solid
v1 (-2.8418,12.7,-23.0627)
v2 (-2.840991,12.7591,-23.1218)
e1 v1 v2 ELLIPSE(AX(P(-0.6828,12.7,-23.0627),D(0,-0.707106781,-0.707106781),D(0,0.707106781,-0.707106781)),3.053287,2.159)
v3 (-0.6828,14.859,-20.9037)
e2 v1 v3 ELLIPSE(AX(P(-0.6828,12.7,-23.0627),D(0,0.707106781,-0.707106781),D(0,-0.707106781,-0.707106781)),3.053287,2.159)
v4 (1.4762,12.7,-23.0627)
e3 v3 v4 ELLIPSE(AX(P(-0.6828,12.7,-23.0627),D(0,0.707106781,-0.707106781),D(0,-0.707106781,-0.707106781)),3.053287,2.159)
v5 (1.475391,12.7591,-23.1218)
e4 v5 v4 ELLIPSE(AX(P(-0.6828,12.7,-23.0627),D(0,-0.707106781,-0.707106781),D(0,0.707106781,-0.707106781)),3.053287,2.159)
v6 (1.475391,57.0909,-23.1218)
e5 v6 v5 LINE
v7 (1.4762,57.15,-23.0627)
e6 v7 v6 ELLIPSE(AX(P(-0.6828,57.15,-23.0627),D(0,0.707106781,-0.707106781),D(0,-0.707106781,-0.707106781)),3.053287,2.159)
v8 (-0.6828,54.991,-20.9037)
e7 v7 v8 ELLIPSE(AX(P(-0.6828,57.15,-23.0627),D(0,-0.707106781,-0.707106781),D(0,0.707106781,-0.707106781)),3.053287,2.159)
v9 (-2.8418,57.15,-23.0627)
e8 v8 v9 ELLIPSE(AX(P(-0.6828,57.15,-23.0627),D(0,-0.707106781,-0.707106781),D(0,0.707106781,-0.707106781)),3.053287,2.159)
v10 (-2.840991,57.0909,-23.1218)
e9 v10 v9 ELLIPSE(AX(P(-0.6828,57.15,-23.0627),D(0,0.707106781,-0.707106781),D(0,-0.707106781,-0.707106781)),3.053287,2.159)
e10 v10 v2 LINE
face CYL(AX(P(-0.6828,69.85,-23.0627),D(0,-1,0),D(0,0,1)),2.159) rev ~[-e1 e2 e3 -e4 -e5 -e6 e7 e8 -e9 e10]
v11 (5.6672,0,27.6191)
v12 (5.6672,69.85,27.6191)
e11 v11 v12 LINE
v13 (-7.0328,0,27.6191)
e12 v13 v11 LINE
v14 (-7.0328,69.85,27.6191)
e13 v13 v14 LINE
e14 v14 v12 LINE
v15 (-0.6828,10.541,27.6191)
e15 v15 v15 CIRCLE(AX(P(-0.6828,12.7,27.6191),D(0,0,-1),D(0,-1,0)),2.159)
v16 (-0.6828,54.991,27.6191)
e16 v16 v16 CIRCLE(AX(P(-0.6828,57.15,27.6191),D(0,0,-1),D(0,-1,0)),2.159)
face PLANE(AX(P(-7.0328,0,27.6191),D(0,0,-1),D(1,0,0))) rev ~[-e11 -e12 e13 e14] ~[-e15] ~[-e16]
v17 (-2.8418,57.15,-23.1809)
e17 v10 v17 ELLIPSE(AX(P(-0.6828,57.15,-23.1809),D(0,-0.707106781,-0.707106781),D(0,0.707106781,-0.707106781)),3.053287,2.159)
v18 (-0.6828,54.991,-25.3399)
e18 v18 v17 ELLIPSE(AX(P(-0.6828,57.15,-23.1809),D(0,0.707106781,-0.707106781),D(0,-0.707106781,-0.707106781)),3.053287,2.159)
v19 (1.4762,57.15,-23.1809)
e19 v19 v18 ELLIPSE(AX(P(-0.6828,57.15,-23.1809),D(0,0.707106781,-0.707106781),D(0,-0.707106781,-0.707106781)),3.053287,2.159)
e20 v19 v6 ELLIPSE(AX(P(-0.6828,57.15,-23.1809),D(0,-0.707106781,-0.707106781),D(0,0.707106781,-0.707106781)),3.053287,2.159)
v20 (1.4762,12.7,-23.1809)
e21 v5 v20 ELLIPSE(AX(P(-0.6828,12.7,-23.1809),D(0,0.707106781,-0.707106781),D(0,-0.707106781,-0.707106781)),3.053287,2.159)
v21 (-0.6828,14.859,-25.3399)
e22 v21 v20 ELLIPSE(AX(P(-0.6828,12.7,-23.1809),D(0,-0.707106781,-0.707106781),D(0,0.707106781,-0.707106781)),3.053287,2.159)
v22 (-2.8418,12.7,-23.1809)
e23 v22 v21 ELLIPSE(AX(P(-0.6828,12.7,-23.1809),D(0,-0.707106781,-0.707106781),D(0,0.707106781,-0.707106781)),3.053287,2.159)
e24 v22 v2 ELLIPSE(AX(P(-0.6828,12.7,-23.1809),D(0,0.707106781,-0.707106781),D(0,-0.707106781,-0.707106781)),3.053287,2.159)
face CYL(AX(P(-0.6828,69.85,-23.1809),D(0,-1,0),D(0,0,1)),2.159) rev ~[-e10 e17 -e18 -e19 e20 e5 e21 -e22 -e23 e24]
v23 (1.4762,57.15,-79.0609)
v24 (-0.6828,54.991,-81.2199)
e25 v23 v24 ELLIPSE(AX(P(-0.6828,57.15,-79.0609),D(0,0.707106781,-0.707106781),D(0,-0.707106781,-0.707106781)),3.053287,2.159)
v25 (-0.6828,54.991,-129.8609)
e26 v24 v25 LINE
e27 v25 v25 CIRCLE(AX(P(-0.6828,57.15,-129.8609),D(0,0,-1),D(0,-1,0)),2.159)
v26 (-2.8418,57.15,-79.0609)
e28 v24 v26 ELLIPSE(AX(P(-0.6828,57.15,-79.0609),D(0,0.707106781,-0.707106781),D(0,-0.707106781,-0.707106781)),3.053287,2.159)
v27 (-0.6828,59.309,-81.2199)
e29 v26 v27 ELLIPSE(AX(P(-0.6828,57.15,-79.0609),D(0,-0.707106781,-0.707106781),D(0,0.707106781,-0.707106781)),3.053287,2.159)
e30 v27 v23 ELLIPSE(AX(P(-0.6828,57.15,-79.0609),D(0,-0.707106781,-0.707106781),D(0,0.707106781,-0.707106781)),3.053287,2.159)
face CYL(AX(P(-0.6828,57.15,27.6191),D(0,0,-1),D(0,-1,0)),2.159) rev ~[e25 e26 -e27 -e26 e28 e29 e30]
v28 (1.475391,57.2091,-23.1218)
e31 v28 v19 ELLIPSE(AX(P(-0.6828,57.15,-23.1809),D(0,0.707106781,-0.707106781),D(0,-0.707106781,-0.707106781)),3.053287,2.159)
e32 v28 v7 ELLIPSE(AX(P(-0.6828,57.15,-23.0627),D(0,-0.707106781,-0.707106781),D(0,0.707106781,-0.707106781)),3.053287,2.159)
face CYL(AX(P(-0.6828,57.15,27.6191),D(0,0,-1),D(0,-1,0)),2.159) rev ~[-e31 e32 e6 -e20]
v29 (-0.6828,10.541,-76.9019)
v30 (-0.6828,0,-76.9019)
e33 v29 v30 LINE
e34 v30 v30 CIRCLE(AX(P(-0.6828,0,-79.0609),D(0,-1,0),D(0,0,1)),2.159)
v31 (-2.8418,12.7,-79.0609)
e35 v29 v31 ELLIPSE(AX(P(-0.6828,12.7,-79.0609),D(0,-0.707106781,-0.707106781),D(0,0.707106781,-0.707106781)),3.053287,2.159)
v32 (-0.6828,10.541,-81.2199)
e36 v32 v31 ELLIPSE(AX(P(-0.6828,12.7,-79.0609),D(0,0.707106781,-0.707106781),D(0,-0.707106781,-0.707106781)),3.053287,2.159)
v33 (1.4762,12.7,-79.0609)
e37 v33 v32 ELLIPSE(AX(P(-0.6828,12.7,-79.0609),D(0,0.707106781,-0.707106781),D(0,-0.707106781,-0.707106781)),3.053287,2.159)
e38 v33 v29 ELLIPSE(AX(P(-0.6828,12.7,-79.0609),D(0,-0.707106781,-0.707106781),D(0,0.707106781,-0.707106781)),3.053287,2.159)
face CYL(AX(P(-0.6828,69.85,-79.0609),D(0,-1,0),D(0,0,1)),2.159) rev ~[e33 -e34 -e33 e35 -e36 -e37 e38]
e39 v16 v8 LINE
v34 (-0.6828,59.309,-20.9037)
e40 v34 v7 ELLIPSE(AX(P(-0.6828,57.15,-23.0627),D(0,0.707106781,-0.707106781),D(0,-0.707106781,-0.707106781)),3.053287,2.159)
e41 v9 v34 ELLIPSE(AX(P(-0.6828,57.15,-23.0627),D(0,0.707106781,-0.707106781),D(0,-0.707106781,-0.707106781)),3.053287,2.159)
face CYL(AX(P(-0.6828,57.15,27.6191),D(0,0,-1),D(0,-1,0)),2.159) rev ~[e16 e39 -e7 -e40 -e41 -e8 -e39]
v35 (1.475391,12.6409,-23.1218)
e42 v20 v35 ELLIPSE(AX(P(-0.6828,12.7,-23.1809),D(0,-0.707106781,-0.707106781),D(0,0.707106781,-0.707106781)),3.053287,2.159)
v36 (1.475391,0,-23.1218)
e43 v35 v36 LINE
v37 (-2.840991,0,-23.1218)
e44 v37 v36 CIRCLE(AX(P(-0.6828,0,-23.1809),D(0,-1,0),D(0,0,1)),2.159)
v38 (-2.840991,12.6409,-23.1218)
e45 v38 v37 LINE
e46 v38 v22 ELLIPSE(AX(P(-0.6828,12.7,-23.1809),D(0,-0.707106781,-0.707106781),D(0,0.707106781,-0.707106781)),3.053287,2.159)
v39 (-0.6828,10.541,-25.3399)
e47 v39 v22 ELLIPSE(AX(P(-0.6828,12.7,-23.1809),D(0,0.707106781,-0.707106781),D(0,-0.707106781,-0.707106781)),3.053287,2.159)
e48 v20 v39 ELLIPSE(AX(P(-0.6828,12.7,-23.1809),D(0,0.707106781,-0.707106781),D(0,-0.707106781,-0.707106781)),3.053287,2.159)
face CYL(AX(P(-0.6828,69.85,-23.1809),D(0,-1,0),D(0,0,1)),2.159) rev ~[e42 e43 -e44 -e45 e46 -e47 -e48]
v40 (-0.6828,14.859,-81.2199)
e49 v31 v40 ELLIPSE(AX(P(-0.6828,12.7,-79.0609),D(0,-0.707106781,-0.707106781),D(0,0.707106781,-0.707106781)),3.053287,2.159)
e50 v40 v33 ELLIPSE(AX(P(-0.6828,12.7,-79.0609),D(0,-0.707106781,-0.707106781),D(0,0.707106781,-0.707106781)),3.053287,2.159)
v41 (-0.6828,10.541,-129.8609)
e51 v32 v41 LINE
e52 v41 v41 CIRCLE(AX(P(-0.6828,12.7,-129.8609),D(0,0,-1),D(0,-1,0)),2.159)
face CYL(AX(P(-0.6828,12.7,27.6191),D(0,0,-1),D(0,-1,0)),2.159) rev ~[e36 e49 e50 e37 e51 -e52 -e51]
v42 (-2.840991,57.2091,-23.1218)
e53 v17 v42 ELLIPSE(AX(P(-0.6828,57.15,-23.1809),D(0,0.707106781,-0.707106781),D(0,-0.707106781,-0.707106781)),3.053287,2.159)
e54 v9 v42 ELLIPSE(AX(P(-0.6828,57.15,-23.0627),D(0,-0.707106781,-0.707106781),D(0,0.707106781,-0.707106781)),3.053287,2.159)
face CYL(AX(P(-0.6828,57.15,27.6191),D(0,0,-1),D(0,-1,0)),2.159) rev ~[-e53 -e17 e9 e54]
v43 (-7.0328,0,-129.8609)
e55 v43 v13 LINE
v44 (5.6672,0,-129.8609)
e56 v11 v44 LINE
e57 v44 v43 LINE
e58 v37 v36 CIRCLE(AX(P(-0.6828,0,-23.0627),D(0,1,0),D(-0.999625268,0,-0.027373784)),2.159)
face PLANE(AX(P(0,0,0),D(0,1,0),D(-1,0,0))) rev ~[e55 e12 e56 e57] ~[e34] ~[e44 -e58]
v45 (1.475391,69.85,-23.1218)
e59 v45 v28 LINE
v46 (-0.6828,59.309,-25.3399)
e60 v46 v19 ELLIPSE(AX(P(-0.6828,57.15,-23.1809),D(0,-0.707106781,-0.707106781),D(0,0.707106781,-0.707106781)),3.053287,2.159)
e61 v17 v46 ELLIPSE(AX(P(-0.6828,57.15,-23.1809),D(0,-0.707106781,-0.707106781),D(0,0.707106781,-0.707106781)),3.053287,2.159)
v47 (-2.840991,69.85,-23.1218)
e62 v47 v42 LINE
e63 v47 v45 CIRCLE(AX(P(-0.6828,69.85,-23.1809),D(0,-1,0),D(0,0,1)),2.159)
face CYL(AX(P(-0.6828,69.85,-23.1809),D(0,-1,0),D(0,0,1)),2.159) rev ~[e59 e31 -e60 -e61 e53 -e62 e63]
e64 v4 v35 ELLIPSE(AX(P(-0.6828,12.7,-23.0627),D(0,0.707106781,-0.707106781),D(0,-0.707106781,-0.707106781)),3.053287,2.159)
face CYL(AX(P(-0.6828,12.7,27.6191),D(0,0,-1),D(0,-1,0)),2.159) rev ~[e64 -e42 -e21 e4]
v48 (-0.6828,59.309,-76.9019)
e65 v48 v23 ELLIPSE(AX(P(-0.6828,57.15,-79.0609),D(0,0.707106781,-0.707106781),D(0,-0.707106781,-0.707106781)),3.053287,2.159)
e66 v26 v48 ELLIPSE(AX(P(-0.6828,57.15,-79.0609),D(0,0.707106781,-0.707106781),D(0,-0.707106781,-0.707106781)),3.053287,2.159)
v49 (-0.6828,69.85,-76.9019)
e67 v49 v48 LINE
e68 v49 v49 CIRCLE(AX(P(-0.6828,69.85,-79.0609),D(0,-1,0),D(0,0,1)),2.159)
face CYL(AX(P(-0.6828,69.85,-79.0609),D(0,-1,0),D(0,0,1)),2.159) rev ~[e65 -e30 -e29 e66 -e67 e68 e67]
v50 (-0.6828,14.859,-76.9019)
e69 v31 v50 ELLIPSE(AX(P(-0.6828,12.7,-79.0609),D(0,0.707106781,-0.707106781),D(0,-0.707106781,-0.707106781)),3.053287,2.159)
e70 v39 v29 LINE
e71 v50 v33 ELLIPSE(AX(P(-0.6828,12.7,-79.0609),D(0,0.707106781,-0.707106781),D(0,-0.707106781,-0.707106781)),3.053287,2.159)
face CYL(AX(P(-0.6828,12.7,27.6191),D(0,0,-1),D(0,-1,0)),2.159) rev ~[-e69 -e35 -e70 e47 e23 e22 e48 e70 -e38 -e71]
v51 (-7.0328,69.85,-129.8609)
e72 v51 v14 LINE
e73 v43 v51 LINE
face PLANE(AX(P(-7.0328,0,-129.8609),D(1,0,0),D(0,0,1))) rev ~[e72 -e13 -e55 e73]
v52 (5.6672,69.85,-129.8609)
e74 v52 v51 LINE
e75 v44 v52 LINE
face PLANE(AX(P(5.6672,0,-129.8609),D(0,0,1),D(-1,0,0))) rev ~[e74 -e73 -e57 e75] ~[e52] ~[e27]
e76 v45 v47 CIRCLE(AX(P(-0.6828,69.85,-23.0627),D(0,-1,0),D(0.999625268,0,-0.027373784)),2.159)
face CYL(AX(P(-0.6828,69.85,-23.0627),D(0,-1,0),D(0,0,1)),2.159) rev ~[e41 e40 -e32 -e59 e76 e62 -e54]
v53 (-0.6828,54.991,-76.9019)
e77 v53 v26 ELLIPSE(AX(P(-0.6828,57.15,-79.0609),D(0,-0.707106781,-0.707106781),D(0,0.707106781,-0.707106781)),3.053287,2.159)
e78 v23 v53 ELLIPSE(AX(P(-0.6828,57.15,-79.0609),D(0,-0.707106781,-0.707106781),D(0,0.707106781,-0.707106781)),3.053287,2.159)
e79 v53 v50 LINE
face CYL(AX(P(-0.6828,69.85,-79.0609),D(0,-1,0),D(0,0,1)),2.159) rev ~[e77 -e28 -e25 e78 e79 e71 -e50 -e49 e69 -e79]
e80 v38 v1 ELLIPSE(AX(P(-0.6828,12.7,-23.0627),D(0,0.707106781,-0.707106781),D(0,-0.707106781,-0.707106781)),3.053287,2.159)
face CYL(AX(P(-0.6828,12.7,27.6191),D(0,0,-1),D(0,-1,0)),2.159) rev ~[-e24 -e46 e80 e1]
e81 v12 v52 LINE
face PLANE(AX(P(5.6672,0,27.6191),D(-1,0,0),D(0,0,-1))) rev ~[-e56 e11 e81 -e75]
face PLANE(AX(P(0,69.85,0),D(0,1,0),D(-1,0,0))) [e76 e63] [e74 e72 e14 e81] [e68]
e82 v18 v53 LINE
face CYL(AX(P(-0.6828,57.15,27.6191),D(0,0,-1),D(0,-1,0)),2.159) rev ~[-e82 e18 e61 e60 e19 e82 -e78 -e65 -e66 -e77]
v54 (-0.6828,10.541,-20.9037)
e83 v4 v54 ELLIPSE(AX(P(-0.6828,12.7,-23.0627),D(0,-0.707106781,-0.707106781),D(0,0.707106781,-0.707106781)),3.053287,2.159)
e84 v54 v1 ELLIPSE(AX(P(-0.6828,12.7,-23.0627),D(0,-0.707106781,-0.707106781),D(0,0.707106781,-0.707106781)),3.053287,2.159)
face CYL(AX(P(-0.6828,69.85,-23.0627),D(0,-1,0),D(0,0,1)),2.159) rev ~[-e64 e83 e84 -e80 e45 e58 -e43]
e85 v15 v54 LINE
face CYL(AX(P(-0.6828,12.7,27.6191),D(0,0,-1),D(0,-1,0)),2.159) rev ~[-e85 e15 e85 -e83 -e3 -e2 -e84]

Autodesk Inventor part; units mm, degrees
ref_plane "YZ Plane" through (0, 0, 0) normal (1, 0, 0) x (0, 1, 0)
ref_plane "XZ Plane" through (0, 0, 0) normal (0, 1, 0) x (-1, 0, 0)
ref_plane "XY Plane" through (0, 0, 0) normal (0, 0, 1) x (1, 0, 0)
sketch "Sketch1" plane through (0, 0, 0) normal (0, 1, 0) x (-1, 0, 0)
  line L0 (7.0328, 27.6191) -> (-5.6672, 27.6191)
  line L1 (-5.6672, 27.6191) -> (-5.6672, -129.8609)
  line L2 (-5.6672, -129.8609) -> (7.0328, -129.8609)
  line L3 (7.0328, -129.8609) -> (7.0328, 27.6191)
  point P0 (0, 0)
  dimension "d0" = 12.7
  dimension "d1" = 157.48
extrude "Extrusion1" add sketch "Sketch1" along normal blind 69.85
sketch "Sketch2" plane through (-7.0328, 0, 27.6191) normal (0, 0, 1) x (1, 0, 0)
  line L0 (12.7, 0) -> (12.7, 69.85) projected
  line L1 (12.7, 0) -> (0, 0) projected
  line L2 (0, 69.85) -> (12.7, 69.85) projected
  point P0 (7.0328, 0)
  point P1 (6.35, 57.15)
  point P2 (6.35, 12.7)
  dimension "d4" = 0
  dimension "d5" = 6.35
  dimension "d6" = 12.7
  dimension "d7" = 12.7
hole "Hole1" at (-0.6828, 57.15, 27.6191) at (-0.6828, 12.7, 27.6191) direction (0, 0, -1) diameter 4.318 end through all
sketch "Sketch3" plane through (0, 69.85, 0) normal (0, 1, 0) x (1, 0, 0)
  line L0 (-7.0328, 129.8609) -> (-7.0328, -27.6191) projected
  line L1 (-7.0328, -27.6191) -> (5.6672, -27.6191) projected
  line L2 (5.6672, 129.8609) -> (-7.0328, 129.8609) projected
  point P0 (0, 0)
  point P1 (-0.6828, 23.1809)
  point P2 (-0.6828, 23.0627)
  point P3 (-0.6828, 79.0609)
  dimension "d15" = 0
  dimension "d16" = 6.35
  dimension "d17" = 50.8
  dimension "d18" = 50.8
  dimension "d26" = 55.88
hole "Hole2" at (-0.6828, 69.85, -23.1809) at (-0.6828, 69.85, -23.0627) at (-0.6828, 69.85, -79.0609) direction (0, -1, 0) diameter 4.318 end through all
properties part number "BatterySide"
